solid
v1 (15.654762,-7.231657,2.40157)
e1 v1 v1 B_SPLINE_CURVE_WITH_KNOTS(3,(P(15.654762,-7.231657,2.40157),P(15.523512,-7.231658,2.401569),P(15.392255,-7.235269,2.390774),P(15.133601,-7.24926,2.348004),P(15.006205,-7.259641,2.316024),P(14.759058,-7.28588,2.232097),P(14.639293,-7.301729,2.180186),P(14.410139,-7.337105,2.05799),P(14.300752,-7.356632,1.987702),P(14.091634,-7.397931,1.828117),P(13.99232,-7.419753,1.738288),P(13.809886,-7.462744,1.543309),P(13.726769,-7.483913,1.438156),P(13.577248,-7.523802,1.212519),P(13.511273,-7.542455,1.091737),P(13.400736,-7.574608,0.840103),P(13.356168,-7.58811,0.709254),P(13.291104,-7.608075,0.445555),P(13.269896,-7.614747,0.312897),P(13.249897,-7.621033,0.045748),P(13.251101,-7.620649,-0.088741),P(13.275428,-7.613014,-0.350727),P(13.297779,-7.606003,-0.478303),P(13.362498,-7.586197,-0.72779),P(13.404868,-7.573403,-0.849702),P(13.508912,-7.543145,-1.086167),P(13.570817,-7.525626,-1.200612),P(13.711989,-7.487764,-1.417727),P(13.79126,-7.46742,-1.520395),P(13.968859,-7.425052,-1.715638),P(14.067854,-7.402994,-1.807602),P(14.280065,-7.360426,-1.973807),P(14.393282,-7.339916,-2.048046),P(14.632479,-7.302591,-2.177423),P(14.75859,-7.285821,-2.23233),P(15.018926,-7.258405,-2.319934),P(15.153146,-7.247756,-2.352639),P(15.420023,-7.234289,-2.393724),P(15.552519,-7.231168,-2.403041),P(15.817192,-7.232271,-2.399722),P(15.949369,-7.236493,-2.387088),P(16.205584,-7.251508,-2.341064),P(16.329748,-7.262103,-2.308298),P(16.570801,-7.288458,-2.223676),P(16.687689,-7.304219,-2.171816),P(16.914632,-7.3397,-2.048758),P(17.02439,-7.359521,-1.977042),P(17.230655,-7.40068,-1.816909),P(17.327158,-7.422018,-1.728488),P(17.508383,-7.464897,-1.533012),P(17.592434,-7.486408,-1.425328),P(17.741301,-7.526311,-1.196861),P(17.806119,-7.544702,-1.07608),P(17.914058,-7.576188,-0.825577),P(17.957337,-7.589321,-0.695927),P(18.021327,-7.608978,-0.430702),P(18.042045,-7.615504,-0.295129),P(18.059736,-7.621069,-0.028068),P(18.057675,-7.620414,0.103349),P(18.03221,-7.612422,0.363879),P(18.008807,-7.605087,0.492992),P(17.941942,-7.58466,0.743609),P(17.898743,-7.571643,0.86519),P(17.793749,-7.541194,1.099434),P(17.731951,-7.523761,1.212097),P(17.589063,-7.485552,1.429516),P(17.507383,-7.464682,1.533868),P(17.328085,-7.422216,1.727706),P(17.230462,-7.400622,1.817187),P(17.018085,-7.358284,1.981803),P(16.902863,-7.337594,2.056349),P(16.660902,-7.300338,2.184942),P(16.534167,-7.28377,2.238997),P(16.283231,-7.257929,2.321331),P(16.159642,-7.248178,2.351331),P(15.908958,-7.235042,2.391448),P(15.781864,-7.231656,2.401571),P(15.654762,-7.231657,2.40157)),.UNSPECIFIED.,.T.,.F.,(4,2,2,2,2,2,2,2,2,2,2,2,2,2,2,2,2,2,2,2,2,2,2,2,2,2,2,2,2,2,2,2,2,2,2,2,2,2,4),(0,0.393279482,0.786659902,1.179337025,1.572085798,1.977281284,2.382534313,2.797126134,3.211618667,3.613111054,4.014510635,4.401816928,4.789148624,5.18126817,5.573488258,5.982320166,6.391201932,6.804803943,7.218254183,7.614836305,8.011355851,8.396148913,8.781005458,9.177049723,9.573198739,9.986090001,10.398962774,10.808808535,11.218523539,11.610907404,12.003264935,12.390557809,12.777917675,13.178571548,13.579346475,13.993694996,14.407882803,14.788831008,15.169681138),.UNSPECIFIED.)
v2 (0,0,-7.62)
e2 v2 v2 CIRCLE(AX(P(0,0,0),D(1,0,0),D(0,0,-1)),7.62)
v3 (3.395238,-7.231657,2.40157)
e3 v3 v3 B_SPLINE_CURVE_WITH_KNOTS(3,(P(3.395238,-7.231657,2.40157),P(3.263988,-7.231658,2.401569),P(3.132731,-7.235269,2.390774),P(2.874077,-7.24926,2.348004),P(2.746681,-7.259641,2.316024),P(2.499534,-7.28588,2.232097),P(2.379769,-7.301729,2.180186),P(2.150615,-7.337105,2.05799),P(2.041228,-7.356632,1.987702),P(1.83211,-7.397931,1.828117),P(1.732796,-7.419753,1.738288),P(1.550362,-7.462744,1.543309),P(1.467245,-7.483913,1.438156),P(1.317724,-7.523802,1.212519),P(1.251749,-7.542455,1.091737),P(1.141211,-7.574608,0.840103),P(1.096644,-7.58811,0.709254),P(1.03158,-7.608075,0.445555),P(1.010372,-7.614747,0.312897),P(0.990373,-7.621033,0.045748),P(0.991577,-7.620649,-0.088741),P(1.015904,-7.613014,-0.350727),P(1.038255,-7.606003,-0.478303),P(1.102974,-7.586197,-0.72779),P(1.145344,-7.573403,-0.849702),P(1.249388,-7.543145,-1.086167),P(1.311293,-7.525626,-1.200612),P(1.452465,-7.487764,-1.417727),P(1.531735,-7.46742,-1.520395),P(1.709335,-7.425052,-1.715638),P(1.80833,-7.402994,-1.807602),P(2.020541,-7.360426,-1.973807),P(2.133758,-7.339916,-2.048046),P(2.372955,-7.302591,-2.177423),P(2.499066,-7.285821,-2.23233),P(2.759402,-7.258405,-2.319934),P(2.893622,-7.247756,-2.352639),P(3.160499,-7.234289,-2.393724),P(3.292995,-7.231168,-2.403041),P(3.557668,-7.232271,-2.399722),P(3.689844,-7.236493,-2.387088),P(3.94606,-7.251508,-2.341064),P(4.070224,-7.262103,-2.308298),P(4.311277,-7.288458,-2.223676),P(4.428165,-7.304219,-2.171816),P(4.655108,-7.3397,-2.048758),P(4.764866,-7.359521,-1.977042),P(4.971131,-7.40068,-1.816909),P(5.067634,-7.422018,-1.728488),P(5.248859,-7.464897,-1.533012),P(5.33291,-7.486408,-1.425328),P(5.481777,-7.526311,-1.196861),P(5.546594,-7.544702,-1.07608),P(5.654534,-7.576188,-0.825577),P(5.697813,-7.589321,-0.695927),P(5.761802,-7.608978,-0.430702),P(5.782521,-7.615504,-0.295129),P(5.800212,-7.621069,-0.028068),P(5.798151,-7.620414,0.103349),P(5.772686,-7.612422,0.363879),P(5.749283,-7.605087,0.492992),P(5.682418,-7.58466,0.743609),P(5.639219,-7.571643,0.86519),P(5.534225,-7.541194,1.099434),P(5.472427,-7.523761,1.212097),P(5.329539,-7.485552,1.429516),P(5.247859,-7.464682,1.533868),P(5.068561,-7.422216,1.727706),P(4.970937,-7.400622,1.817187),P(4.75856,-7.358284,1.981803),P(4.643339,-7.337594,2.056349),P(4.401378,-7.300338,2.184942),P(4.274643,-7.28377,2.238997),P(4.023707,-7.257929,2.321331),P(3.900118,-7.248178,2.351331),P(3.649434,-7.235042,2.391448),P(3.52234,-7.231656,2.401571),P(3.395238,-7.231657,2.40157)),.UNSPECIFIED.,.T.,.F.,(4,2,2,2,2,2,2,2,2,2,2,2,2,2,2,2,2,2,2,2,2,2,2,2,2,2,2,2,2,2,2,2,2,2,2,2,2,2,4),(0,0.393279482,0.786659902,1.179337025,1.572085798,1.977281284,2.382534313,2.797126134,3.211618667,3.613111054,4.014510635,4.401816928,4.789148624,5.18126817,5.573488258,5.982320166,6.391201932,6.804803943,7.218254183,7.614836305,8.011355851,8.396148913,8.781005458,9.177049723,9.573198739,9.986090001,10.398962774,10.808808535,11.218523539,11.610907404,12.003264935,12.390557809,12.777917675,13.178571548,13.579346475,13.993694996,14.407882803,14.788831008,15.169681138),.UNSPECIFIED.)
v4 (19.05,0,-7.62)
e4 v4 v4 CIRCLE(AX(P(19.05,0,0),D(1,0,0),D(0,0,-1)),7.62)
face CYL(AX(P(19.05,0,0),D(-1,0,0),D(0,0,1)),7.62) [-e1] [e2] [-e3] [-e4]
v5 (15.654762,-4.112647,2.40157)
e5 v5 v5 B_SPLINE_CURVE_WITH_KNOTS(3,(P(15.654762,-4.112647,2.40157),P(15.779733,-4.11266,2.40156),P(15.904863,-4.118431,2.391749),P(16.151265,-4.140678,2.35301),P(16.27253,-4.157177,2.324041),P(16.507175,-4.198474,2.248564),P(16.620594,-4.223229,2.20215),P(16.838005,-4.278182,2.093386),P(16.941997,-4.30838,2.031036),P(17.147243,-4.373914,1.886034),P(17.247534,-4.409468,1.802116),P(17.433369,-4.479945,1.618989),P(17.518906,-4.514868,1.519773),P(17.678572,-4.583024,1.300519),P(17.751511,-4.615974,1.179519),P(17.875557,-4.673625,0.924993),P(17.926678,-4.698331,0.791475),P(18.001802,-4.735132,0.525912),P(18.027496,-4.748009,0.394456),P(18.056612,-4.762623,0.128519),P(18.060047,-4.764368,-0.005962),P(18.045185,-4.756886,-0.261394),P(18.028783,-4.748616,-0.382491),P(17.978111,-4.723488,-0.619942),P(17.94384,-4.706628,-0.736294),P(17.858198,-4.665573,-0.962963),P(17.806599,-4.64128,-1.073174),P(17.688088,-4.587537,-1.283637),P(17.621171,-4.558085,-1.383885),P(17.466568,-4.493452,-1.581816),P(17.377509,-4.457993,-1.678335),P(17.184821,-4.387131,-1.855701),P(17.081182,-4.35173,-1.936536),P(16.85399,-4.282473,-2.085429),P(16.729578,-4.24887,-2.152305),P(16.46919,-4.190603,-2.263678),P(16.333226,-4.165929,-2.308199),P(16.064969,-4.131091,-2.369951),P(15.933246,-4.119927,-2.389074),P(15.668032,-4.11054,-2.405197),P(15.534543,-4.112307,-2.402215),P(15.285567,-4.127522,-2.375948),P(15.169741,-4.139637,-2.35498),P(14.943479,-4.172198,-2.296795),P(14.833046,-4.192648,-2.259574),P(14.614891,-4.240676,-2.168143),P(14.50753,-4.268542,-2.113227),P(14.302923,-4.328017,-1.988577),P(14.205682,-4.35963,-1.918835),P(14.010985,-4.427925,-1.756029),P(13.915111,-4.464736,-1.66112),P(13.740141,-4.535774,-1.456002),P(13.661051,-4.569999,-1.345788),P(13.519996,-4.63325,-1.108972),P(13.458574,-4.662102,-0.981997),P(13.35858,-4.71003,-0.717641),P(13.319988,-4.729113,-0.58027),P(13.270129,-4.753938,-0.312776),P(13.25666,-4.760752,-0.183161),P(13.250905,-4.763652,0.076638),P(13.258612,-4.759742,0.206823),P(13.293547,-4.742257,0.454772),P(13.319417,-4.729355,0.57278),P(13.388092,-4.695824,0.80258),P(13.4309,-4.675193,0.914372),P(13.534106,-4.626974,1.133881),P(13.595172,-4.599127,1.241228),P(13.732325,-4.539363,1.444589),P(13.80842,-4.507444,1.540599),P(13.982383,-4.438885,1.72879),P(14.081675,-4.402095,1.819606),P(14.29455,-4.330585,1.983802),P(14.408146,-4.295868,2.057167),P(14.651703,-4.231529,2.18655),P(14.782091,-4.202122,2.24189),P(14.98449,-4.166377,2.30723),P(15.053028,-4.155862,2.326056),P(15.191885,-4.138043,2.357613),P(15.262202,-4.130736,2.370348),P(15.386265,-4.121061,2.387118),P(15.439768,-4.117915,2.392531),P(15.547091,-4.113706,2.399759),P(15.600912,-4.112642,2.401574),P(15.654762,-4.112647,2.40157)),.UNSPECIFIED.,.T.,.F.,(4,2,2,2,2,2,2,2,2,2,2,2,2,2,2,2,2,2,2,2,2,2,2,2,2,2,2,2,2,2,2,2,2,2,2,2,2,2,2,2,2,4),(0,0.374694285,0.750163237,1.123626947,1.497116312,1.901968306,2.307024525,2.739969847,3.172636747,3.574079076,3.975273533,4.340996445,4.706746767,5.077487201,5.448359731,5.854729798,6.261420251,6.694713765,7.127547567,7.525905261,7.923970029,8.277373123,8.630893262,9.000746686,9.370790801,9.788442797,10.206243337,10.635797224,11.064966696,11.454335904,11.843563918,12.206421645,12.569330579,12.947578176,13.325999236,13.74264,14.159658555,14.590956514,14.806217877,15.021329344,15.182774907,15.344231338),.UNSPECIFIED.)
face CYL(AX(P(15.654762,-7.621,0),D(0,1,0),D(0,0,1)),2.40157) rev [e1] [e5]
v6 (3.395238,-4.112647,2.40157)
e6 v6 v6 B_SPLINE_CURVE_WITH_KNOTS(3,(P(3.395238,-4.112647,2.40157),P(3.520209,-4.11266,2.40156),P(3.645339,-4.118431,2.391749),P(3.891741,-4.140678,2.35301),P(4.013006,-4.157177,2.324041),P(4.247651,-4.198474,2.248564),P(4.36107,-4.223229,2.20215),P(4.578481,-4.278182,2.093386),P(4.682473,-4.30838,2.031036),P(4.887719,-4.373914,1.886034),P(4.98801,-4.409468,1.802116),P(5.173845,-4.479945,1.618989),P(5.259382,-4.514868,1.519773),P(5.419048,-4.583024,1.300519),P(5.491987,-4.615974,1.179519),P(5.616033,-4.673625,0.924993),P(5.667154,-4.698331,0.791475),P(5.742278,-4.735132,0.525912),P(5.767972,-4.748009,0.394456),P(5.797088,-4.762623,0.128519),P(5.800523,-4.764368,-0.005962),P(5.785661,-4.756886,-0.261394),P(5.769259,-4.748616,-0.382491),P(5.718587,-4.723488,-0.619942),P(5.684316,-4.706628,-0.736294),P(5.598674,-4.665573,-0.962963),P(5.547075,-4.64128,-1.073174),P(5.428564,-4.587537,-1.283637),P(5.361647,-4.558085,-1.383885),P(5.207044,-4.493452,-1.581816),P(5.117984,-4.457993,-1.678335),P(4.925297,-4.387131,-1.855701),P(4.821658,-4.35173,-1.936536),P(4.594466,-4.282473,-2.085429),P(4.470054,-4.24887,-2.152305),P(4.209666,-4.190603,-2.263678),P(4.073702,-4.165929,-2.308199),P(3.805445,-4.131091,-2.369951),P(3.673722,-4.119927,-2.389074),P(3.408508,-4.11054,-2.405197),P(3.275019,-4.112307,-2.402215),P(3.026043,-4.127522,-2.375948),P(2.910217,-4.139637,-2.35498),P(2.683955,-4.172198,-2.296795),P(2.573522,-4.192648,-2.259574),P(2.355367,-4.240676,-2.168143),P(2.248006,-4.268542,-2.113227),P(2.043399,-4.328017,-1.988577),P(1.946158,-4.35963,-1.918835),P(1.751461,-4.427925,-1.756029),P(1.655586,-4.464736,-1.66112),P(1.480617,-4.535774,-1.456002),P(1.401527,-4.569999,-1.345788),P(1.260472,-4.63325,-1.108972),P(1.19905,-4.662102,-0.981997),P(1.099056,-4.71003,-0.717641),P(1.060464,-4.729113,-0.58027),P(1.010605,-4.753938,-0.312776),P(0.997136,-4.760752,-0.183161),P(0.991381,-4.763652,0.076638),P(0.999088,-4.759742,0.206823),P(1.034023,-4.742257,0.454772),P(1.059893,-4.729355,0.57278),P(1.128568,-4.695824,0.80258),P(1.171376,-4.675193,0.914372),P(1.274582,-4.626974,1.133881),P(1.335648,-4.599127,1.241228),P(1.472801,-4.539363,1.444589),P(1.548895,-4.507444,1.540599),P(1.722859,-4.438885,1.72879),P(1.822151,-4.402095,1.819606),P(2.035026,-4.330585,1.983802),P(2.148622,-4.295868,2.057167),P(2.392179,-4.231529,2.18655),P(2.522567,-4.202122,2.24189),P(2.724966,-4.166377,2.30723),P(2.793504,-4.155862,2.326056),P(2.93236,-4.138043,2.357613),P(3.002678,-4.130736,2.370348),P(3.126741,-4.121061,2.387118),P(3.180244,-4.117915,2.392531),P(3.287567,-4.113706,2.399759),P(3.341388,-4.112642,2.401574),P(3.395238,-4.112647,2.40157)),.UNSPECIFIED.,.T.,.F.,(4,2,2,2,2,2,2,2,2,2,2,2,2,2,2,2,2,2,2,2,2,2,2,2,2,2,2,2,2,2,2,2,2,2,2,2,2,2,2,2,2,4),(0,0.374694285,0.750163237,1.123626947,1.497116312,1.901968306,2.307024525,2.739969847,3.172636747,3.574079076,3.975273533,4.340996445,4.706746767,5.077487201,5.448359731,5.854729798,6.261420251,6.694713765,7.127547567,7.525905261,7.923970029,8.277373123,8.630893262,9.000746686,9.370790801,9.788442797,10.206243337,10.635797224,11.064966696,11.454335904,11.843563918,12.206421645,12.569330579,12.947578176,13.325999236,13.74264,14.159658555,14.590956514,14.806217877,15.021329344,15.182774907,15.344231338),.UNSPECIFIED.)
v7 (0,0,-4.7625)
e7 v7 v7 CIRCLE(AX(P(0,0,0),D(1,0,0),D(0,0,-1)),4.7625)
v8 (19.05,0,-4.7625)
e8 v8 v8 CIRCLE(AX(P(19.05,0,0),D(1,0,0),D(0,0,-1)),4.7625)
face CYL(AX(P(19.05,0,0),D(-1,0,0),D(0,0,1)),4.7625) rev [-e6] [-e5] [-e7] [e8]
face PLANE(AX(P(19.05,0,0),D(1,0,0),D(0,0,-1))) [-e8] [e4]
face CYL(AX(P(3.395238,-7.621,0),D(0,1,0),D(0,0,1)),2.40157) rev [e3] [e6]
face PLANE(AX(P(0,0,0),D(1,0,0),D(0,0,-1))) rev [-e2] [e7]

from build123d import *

# Parameters (mm, degrees)
SKETCH1_R               = 7.62
SKETCH1_R_2             = 4.7625
BOSS_EXTRUDE1_DEPTH     = 19.05
CUT_EXTRUDE1_REACH      = 23.887
CUT_EXTRUDE1_END_RADIUS = 7.62
SKETCH2_R               = 2.40157


with BuildPart() as part:
    # Sketch1 → Boss-Extrude1 (new body)
    with BuildSketch(Plane(origin=(0, 0, 0), x_dir=(0, 0, -1), z_dir=(1, 0, 0))):
        with Locations(Location((0, 0, 0), (0, 0, 180))):
            Circle(SKETCH1_R)
        with Locations(Location((0, 0, 0), (0, 0, 180))):
            Circle(SKETCH1_R_2, mode=Mode.SUBTRACT)
    extrude(amount=BOSS_EXTRUDE1_DEPTH)

    # Cut-Extrude1: up to this cylinder (the profile starts inside it)
    cut_extrude1_end = Plane(origin=(9.525, 0, 0), z_dir=(-1, 0, 0)) * Cylinder(CUT_EXTRUDE1_END_RADIUS, 76.273524, mode=Mode.PRIVATE)
    # Sketch2 → Cut-Extrude1 (cut, up to the surface)
    with BuildSketch(Plane(origin=(0, 0, 0), x_dir=(1, 0, 0), z_dir=(0, 1, 0)), mode=Mode.PRIVATE) as cut_extrude1_sk1:
        with Locations(Location((15.654762024, 0, 0), (0, 0, 270))):
            Circle(SKETCH2_R)
    cut_extrude1_tool1 = extrude(cut_extrude1_sk1.sketch, amount=-CUT_EXTRUDE1_REACH, mode=Mode.PRIVATE) & cut_extrude1_end
    add(cut_extrude1_tool1.solids().sort_by_distance((15.654762, 0, 0))[0], mode=Mode.SUBTRACT)
    # Sketch2 → Cut-Extrude1 (cut, up to the surface)
    with BuildSketch(Plane(origin=(0, 0, 0), x_dir=(1, 0, 0), z_dir=(0, 1, 0)), mode=Mode.PRIVATE) as cut_extrude1_sk2:
        with Locations(Location((3.395237976, 0, 0), (0, 0, 270))):
            Circle(SKETCH2_R)
    cut_extrude1_tool2 = extrude(cut_extrude1_sk2.sketch, amount=-CUT_EXTRUDE1_REACH, mode=Mode.PRIVATE) & cut_extrude1_end
    add(cut_extrude1_tool2.solids().sort_by_distance((3.395238, 0, 0))[0], mode=Mode.SUBTRACT)


solid = part.part
